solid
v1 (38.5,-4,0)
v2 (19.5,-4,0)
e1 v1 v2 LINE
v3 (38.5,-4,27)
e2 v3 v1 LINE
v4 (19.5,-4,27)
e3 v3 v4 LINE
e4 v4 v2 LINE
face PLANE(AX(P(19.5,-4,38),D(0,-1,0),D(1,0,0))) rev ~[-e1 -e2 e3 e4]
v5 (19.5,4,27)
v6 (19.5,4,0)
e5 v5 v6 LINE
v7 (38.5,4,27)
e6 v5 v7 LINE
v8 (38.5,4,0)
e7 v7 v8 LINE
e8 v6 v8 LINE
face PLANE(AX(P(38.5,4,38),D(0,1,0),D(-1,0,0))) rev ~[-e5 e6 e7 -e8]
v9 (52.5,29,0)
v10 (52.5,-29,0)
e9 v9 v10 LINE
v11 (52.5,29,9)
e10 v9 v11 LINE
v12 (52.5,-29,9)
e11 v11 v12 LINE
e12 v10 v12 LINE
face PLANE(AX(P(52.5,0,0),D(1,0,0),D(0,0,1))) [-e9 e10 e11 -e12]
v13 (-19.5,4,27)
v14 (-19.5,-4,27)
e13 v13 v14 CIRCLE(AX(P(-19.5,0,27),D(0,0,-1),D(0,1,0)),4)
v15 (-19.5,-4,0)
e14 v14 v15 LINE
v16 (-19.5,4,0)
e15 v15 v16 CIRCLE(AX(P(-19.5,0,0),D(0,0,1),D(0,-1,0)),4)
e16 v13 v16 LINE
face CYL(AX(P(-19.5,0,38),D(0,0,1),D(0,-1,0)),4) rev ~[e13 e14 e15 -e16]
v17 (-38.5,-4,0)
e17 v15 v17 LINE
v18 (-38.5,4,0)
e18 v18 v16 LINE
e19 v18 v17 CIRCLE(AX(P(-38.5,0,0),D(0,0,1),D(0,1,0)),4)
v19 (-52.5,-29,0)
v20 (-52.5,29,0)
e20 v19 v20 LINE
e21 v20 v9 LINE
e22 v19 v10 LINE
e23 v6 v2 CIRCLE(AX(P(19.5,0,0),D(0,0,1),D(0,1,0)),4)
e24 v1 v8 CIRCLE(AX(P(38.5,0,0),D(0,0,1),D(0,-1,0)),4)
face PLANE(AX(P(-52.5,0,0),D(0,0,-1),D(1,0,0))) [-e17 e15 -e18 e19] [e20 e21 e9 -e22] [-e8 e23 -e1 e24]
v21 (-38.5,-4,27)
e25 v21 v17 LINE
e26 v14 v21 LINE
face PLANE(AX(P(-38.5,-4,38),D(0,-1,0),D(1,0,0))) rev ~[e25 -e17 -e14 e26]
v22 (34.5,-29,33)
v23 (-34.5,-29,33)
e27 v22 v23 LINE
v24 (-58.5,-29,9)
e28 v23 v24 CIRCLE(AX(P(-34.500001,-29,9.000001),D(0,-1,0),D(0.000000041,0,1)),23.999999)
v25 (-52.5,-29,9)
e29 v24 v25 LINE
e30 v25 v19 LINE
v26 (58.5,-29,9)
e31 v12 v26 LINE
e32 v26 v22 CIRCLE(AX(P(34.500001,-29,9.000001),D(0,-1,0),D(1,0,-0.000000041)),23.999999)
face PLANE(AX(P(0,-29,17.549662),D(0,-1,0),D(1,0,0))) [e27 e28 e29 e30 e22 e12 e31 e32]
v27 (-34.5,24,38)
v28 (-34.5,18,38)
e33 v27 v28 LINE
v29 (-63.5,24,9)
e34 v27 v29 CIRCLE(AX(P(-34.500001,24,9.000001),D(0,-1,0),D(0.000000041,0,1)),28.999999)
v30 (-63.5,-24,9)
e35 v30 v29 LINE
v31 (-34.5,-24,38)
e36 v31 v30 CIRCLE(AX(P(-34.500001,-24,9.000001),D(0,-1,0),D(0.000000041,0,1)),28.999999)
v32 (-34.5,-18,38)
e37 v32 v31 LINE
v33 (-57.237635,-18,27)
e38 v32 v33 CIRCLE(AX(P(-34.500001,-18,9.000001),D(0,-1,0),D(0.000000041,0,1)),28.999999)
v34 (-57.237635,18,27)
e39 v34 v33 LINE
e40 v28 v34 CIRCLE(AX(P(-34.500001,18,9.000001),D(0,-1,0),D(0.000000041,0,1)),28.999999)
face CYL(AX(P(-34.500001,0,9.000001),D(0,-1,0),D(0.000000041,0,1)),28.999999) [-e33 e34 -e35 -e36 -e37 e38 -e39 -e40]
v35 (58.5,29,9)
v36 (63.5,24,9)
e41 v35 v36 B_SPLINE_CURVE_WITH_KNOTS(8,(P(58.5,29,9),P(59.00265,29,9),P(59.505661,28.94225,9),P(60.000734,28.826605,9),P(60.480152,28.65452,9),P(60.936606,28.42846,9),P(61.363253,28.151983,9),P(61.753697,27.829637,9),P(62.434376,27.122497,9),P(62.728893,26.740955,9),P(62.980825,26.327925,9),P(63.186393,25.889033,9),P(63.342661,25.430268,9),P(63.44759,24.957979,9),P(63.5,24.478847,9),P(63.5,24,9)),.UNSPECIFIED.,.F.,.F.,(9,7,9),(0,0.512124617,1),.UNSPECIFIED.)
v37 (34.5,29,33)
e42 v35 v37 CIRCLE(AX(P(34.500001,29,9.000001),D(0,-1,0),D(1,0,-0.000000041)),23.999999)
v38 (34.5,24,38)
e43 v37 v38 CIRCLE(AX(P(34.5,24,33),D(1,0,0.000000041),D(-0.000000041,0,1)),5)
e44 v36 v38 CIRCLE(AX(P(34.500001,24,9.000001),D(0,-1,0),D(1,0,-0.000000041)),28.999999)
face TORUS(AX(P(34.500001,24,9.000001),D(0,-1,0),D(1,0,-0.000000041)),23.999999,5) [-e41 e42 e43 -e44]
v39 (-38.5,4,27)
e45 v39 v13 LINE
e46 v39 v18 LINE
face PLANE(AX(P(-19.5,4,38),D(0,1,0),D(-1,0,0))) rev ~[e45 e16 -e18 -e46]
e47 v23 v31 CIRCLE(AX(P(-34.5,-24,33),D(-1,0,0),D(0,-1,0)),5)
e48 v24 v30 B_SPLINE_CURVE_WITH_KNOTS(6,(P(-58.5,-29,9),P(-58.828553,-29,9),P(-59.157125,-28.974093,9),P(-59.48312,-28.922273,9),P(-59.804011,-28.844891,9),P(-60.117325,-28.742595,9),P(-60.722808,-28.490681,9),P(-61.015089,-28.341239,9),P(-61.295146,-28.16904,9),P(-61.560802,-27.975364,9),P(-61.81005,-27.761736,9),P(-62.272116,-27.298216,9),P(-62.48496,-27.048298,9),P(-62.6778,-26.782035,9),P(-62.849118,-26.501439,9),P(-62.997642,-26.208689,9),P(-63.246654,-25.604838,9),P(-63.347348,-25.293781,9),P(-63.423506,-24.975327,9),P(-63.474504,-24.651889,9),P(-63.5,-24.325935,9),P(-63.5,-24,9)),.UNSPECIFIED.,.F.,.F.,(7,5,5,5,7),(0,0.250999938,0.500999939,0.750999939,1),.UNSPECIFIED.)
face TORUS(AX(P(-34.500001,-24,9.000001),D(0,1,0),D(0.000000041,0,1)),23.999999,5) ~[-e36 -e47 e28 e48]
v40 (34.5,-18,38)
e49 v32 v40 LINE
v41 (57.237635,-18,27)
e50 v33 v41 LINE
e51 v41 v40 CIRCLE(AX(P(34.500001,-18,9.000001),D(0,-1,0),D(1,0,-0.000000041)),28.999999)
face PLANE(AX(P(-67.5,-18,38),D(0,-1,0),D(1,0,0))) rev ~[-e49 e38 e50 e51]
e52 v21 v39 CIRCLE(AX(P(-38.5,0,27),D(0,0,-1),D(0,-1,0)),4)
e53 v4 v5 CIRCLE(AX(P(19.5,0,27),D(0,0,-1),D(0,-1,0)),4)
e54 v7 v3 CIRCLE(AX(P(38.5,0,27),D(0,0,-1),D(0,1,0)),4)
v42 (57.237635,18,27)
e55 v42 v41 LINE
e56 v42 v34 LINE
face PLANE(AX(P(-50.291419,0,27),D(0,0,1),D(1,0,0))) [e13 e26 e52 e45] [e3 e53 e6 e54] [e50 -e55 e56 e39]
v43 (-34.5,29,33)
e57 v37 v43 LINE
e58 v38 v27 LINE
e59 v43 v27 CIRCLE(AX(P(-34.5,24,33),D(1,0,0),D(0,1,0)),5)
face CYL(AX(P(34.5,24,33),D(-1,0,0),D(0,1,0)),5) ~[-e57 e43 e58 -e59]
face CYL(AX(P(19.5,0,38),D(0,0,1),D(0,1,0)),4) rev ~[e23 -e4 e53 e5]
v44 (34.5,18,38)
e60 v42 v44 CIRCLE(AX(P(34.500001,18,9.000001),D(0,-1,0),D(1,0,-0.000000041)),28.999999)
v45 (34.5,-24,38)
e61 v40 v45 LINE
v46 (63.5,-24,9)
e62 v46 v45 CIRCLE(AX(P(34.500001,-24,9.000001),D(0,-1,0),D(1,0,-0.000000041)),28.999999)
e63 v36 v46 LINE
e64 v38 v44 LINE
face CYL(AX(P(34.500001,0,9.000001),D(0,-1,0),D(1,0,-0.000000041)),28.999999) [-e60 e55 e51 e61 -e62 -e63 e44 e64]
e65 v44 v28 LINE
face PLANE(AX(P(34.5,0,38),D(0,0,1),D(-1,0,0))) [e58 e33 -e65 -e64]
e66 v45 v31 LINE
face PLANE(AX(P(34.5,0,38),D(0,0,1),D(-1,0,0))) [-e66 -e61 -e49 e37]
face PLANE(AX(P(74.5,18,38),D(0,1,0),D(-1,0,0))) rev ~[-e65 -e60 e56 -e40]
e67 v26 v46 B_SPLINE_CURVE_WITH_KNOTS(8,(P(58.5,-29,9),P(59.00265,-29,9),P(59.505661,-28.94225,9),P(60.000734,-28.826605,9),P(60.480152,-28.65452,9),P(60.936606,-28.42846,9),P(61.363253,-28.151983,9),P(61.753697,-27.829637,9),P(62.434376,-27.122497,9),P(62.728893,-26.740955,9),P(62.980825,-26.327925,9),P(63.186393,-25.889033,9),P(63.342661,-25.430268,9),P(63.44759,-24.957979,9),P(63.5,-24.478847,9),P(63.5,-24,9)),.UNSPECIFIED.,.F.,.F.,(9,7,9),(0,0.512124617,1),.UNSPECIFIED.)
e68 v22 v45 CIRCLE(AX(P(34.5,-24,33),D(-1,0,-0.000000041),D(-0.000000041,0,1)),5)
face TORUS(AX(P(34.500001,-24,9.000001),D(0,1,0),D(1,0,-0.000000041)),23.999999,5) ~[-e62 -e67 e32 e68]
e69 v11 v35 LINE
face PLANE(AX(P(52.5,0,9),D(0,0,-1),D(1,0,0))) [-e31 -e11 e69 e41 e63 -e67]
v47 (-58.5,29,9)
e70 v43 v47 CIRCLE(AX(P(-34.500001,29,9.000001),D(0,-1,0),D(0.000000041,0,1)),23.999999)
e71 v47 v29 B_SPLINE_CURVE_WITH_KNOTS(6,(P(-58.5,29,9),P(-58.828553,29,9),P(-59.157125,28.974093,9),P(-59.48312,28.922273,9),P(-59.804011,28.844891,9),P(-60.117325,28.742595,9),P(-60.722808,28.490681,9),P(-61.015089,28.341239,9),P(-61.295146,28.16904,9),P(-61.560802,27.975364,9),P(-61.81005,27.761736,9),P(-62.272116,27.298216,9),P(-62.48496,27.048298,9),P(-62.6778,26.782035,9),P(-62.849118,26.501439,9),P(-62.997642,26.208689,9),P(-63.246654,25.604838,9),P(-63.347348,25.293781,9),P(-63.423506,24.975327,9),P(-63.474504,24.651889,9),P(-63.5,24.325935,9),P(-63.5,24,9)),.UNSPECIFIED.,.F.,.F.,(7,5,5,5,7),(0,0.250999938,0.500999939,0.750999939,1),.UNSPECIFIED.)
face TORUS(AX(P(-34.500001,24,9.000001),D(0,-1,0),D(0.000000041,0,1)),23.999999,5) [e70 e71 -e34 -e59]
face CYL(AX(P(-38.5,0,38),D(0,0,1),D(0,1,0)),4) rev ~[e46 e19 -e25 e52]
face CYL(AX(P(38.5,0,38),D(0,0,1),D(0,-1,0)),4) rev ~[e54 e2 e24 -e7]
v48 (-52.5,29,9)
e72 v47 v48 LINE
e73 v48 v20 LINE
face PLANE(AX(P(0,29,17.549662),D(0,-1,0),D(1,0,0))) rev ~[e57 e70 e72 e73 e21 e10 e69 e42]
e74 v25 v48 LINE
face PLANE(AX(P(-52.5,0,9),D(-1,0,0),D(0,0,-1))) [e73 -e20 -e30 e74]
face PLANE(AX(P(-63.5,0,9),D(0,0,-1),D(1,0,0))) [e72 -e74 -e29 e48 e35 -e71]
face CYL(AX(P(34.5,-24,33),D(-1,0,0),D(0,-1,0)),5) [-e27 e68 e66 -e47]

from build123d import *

# Parameters (mm, degrees)
F1_DEPTH = 29
F3_DEPTH = 38.001
F4_DEPTH = 11
F5_R     = 5


with BuildPart() as f1:
    # F0 (on Front) → F1 (new body, symmetric)
    with BuildSketch(Plane.XZ):
        with BuildLine():
            Line((-52.5, 0), (0, 0))
            Line((0, 0), (52.5, 0))
            Line((52.5, 0), (52.5, 9))
            Line((52.5, 9), (63.5, 9))
            ThreePointArc((63.5, 9), (55.006097, 29.506097), (34.5, 38))
            Line((34.5, 38), (0, 38))
            Line((0, 38), (-34.5, 38))
            ThreePointArc((-34.5, 38), (-55.006097, 29.506097), (-63.5, 9))
            Line((-63.5, 9), (-52.5, 9))
            Line((-52.5, 9), (-52.5, 0))
        make_face()
    extrude(amount=F1_DEPTH, both=True)

    # F2 (on face) → F3 (cut, through all)
    with BuildSketch(Plane.XY.offset(38)):
        with BuildLine():
            Line((-19.5, 4), (-34.5, 4))
            Line((-34.5, 4), (-34.5, -4))
            Line((-34.5, -4), (-19.5, -4))
            ThreePointArc((-19.5, -4), (-15.5, 0), (-19.5, 4))
        make_face()
        with BuildLine():
            Line((-34.5, -4), (-34.5, 4))
            Line((-34.5, 4), (-38.5, 4))
            ThreePointArc((-38.5, 4), (-42.5, 0), (-38.5, -4))
            Line((-38.5, -4), (-34.5, -4))
        make_face()
        with BuildLine():
            Line((34.5, -4), (34.5, 4))
            Line((34.5, 4), (19.5, 4))
            ThreePointArc((19.5, 4), (15.5, 0), (19.5, -4))
            Line((19.5, -4), (34.5, -4))
        make_face()
        with BuildLine():
            Line((38.5, 4), (34.5, 4))
            Line((34.5, 4), (34.5, -4))
            Line((34.5, -4), (38.5, -4))
            ThreePointArc((38.5, -4), (42.5, 0), (38.5, 4))
        make_face()
    extrude(amount=-F3_DEPTH, mode=Mode.SUBTRACT)

    # F2 (on face) → F4 (cut)
    with BuildSketch(Plane.XY.offset(38)):
        with BuildLine():
            Line((-34.5, 4), (-34.5, 18))
            Line((-34.5, 18), (-67.5, 18))
            Line((-67.5, 18), (-67.5, -18))
            Line((-67.5, -18), (-34.5, -18))
            Line((-34.5, -18), (-34.5, -4))
            Line((-34.5, -4), (-38.5, -4))
            ThreePointArc((-38.5, -4), (-42.5, 0), (-38.5, 4))
            Line((-38.5, 4), (-34.5, 4))
        make_face()
        with BuildLine():
            Line((34.5, 18), (-34.5, 18))
            Line((-34.5, 18), (-34.5, 4))
            Line((-34.5, 4), (-19.5, 4))
            ThreePointArc((-19.5, 4), (-15.5, 0), (-19.5, -4))
            Line((-19.5, -4), (-34.5, -4))
            Line((-34.5, -4), (-34.5, -18))
            Line((-34.5, -18), (34.5, -18))
            Line((34.5, -18), (34.5, -4))
            Line((34.5, -4), (19.5, -4))
            ThreePointArc((19.5, -4), (15.5, 0), (19.5, 4))
            Line((19.5, 4), (34.5, 4))
            Line((34.5, 4), (34.5, 18))
        make_face()
        with BuildLine():
            Line((74.5, 18), (34.5, 18))
            Line((34.5, 18), (34.5, 4))
            Line((34.5, 4), (38.5, 4))
            ThreePointArc((38.5, 4), (42.5, 0), (38.5, -4))
            Line((38.5, -4), (34.5, -4))
            Line((34.5, -4), (34.5, -18))
            Line((34.5, -18), (74.5, -18))
            Line((74.5, -18), (74.5, 18))
        make_face()
    extrude(amount=-F4_DEPTH, mode=Mode.SUBTRACT)

    # F5
    f5_edges = [f1.edges().sort_by_distance(p)[0] for p in [
        (0, -29, 38),
        (0, 29, 38),
    ]]
    fillet(f5_edges, radius=F5_R)


solid = f1.part
